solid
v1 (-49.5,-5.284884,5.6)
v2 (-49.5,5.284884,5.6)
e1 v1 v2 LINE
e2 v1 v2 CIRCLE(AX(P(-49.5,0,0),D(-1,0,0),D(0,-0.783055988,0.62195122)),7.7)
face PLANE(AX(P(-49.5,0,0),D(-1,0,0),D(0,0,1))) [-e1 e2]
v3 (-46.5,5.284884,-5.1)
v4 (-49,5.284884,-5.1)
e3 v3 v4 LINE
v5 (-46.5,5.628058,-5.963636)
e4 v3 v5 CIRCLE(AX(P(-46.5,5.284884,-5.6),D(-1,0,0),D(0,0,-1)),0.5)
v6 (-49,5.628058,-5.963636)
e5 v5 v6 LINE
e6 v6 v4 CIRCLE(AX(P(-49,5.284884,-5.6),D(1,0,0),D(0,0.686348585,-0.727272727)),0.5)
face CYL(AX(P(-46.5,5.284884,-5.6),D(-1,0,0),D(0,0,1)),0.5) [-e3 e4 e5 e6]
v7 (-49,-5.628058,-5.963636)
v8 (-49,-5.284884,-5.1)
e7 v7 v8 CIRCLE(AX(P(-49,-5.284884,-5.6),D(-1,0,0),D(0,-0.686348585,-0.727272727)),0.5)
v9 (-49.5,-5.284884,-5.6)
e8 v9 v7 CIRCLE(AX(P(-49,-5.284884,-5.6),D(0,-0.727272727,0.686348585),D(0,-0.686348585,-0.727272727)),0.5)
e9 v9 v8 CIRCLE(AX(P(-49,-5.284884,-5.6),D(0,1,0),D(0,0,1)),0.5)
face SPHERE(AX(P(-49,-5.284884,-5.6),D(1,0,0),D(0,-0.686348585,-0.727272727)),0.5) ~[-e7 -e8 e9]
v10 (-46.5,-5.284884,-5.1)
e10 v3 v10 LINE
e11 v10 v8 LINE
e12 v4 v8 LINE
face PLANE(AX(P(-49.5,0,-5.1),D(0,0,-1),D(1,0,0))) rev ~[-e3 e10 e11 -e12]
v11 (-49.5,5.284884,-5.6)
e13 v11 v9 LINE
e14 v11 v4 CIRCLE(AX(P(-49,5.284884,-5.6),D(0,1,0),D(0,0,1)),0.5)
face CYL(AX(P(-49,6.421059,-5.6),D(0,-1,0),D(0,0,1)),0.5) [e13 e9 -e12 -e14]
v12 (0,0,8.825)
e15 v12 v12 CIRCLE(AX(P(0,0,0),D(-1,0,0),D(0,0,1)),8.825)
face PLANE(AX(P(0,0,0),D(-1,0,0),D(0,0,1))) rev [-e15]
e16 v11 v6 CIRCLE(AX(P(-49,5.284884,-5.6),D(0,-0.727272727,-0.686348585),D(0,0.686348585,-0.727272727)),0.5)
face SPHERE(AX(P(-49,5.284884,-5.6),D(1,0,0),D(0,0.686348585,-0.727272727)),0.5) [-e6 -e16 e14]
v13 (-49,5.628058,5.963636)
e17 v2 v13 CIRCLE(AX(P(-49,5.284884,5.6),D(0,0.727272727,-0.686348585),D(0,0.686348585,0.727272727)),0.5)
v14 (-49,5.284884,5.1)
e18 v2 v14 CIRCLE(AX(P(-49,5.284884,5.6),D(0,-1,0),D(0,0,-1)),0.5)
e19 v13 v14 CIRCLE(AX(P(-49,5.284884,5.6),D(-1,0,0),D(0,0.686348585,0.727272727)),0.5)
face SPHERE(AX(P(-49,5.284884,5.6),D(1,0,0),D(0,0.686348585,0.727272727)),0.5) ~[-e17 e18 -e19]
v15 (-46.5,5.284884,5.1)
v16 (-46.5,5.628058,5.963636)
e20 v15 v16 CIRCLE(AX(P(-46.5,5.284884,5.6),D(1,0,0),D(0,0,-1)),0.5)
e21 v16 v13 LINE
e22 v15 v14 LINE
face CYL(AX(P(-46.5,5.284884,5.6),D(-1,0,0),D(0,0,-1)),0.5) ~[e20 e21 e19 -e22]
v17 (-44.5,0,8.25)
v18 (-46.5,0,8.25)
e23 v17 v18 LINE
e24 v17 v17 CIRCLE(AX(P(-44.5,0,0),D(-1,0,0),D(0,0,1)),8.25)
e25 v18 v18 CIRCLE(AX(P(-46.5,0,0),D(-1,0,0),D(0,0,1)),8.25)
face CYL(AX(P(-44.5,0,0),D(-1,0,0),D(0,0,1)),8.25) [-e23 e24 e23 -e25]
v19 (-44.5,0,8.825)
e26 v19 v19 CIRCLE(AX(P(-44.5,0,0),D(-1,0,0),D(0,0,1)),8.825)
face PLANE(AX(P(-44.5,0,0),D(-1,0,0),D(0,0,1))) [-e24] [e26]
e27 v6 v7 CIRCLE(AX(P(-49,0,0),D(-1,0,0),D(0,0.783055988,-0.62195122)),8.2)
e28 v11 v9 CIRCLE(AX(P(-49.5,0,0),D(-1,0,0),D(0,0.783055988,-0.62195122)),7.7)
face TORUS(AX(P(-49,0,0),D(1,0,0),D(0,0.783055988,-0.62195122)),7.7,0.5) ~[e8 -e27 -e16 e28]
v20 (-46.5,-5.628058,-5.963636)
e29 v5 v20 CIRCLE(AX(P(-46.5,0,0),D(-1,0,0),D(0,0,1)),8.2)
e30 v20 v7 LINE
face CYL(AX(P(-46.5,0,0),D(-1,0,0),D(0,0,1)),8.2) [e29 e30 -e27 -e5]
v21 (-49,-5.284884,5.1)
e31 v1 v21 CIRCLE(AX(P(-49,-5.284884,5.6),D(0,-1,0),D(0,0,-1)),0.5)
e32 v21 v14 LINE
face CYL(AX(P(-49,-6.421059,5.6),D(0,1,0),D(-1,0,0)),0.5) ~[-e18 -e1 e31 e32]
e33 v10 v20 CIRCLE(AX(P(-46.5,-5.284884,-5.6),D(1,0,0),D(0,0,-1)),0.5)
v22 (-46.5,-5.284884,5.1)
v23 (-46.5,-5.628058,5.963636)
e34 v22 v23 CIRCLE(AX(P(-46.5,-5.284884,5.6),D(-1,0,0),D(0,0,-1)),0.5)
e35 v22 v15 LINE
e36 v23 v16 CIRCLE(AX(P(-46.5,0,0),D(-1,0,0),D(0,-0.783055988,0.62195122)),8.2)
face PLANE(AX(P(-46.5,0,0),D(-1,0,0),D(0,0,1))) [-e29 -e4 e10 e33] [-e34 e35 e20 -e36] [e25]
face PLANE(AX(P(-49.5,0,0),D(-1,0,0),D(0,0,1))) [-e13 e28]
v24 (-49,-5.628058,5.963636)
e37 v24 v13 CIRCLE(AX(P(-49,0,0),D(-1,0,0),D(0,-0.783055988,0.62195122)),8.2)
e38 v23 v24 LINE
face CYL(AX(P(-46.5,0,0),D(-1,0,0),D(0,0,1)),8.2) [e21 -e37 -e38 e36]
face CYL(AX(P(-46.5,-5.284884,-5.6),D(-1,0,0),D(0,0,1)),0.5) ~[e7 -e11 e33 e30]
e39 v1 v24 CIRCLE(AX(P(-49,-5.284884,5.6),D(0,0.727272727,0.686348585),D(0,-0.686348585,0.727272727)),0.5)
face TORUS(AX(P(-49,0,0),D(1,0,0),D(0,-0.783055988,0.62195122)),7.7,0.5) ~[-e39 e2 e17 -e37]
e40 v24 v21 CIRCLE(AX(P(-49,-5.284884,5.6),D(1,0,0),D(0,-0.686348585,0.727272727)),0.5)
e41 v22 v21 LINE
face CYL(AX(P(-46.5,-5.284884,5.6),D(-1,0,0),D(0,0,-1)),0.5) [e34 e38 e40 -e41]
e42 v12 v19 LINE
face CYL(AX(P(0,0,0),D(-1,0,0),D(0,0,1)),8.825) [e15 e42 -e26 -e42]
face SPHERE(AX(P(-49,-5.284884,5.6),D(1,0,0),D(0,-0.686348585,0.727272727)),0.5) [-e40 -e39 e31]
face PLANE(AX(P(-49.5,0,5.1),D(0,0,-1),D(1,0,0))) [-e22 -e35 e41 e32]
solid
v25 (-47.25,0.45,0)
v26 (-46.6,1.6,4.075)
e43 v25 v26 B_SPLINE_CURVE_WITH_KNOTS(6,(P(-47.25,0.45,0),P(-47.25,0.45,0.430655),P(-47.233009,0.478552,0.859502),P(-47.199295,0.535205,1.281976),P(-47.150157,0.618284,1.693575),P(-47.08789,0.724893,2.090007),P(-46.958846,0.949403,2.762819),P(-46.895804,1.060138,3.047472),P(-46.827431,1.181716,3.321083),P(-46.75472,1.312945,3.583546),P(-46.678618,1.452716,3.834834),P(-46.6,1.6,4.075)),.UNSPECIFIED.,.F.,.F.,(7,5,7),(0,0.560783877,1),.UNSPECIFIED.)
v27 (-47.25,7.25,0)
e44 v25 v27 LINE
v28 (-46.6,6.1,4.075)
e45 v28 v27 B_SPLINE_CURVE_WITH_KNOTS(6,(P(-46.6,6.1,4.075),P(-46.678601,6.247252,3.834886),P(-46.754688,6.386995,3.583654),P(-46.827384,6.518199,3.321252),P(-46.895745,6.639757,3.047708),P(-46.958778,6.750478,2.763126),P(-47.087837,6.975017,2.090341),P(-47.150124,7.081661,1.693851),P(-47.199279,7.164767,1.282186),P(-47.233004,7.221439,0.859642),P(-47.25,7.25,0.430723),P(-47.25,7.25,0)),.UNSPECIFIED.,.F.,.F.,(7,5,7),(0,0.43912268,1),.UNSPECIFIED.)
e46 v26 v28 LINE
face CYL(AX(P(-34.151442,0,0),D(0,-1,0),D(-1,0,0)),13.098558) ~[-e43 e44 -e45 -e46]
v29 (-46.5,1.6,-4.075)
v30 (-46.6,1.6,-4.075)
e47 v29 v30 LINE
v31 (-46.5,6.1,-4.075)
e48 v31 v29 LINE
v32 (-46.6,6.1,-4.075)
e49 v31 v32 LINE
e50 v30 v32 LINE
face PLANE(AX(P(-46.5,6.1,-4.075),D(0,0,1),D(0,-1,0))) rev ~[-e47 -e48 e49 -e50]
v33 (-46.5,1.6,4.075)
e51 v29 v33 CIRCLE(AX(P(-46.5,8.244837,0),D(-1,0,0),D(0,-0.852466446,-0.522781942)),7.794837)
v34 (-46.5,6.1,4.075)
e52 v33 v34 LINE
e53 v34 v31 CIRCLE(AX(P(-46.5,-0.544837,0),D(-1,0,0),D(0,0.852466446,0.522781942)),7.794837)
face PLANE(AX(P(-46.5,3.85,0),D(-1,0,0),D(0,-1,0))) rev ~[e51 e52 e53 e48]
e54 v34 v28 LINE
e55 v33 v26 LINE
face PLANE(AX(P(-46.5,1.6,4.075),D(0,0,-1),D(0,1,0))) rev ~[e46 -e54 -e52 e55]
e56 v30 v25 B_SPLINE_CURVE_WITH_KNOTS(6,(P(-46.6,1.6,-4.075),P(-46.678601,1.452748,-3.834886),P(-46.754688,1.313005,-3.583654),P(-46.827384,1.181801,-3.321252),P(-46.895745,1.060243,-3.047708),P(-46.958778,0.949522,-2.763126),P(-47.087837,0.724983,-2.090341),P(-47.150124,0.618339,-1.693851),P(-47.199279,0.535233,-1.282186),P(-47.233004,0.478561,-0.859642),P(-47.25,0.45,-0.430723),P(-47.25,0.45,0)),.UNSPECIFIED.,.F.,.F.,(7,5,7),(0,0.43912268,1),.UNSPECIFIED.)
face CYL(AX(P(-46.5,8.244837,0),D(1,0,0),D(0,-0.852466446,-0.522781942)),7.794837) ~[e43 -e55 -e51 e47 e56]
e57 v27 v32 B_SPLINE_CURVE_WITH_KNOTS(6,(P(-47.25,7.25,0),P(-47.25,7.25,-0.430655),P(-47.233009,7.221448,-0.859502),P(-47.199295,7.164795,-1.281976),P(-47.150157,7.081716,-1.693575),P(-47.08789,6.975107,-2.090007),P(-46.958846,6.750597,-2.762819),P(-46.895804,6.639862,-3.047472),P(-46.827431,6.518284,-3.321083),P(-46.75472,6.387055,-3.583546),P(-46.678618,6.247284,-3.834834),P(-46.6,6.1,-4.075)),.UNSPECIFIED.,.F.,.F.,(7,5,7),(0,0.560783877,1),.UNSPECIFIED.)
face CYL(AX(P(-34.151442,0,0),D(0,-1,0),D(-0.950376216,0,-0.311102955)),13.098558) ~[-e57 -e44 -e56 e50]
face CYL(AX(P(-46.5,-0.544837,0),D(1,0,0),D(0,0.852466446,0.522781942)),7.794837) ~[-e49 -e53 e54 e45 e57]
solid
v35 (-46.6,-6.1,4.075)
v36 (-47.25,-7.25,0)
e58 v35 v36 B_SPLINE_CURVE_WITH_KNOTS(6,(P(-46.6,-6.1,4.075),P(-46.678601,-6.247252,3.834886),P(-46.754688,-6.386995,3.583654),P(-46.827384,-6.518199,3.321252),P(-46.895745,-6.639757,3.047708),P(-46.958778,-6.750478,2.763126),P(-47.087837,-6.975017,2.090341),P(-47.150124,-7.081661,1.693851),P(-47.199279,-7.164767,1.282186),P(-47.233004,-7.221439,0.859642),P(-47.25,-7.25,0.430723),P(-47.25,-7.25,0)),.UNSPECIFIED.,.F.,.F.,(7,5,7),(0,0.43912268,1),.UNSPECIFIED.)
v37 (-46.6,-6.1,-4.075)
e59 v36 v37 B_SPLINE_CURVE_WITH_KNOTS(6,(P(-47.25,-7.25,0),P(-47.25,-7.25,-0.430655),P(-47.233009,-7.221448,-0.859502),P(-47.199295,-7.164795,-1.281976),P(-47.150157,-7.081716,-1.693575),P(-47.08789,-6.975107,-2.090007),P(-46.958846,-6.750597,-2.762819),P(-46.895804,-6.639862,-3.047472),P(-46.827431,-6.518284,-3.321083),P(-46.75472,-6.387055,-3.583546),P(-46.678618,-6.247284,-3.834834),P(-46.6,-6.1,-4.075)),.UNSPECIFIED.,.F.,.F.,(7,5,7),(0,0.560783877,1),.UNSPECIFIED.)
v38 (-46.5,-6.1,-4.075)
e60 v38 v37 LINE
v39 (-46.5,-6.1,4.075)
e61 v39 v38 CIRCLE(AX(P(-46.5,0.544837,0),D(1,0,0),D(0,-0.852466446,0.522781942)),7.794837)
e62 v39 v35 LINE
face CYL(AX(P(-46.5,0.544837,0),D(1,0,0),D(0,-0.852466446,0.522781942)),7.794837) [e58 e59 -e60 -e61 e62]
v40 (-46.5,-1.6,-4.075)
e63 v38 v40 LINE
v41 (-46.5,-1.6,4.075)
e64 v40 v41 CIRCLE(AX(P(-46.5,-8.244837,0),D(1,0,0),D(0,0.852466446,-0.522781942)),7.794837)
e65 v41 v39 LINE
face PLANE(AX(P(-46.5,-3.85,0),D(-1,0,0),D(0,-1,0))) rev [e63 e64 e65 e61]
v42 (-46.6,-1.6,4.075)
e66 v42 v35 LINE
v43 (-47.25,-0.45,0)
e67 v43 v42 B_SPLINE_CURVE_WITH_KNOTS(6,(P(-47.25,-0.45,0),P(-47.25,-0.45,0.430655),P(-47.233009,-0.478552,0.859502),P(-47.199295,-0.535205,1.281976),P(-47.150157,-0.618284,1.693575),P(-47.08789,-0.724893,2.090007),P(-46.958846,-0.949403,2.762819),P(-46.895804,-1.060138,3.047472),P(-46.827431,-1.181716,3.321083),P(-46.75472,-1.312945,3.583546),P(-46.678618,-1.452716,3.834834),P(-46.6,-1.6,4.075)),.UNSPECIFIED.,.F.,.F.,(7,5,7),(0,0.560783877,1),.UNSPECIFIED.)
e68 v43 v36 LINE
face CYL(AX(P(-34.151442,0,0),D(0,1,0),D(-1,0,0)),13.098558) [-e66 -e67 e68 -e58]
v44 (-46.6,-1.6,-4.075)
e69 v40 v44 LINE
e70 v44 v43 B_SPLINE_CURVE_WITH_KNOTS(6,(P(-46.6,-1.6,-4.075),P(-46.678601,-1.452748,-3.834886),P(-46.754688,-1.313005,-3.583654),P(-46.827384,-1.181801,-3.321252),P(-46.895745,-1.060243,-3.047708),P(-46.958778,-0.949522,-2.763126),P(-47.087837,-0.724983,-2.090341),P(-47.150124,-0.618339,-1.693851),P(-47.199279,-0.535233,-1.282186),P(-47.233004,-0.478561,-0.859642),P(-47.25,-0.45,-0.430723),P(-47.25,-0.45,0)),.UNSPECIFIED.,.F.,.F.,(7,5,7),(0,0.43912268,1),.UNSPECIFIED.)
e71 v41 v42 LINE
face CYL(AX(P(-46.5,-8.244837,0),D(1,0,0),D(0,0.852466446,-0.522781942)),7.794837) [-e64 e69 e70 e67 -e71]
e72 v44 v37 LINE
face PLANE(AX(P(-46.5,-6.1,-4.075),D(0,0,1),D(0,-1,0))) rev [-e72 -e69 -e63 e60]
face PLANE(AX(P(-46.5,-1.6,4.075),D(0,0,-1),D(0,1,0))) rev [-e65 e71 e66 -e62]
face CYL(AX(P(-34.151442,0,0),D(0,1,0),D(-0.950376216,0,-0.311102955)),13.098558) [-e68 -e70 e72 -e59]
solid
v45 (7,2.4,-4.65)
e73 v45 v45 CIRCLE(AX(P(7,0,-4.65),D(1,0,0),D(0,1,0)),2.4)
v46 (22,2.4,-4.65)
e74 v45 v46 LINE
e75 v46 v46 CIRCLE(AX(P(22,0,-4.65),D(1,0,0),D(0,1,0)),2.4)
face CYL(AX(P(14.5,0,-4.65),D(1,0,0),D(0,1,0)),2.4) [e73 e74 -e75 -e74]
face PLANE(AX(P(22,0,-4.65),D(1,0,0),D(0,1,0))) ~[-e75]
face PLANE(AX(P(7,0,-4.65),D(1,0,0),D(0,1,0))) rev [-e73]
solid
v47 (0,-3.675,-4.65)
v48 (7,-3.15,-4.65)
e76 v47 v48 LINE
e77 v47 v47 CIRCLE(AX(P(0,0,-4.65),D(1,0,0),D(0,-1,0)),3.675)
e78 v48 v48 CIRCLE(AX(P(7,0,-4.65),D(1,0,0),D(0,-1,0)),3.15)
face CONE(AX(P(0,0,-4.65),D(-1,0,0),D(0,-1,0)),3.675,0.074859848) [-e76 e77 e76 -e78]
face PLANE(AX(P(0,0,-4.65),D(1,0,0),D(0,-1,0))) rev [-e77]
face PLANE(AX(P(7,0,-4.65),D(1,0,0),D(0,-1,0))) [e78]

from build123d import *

# Parameters (mm, degrees)
F2_W      = 3
F2_H      = 10.2
F3_DEPTH  = 12.5
F4_R      = 0.5
F8_W      = 15
F8_H      = 2.4
F11_DEPTH = 0.75
F13_DEPTH = 8.826


with BuildPart() as f1:
    # F0 (on Front) → F1 (revolve)
    with BuildSketch(Plane.XZ):
        Polygon((-49.5, 8.2), (-49.5, 0), (0, 0), (0, 8.825), (-44.5, 8.825), (-44.5, 8.25), (-46.5, 8.25), (-46.5, 8.2), align=None)
    revolve(axis=Axis((-24.75, 0, 0), (-1, 0, 0)))

    # F2 (on Front) → F3 (cut, symmetric)
    with BuildSketch(Plane.XZ):
        with Locations((-48, 0)):
            Rectangle(F2_W, F2_H)
    extrude(amount=F3_DEPTH, both=True, mode=Mode.SUBTRACT)

    # F4
    f4_edges = [f1.edges().sort_by_distance(p)[0] for p in [
        (-49.5, 0, 5.1),
        (-48, 6.421059, 5.1),
        (-48, -6.421059, 5.1),
        (-49.5, 0, 8.2),
        (-48, 6.421059, -5.1),
        (-48, -6.421059, -5.1),
        (-49.5, 0, -8.2),
        (-49.5, 0, -5.1),
    ]]
    fillet(f4_edges, radius=F4_R)


with BuildPart() as f7:
    # F6 (on offset) → F7 (revolve)
    with BuildSketch(Plane.XY.offset(-4.65)):
        Polygon((0, 0), (0, -3.675), (7, -3.15), (7, 0), align=None)
    revolve(axis=Axis((3.5, 0, -4.65), (1, 0, 0)))


with BuildPart() as f9:
    # F8 (on offset) → F9 (revolve)
    with BuildSketch(Plane.XY.offset(-4.65)):
        with Locations((14.5, 1.2)):
            Rectangle(F8_W, F8_H)
    revolve(axis=Axis((14.5, 0, -4.65), (1, 0, 0)))


with BuildPart() as f11:
    # F10 (on face) → F11 (new body)
    with BuildSketch(Plane(origin=(-46.5, 0, 0), x_dir=(0, -1, 0), z_dir=(-1, 0, 0))):
        with BuildLine():
            Line((-1.6, 4.075), (-6.1, 4.075))
            ThreePointArc((-6.1, 4.075), (-7.25, 0), (-6.1, -4.075))
            Line((-6.1, -4.075), (-1.6, -4.075))
            ThreePointArc((-1.6, -4.075), (-0.45, 0), (-1.6, 4.075))
        make_face()
    extrude(amount=F11_DEPTH)

    # F12 (on Front) → F13 (cut, through all)
    with BuildSketch(Plane.XZ):
        with BuildLine():
            ThreePointArc((-46.6, -4.075), (-47.0864793145, -2.0632574367), (-47.25, 0))
            Line((-47.25, 0), (-47.25, -4.075))
            Line((-47.25, -4.075), (-46.6, -4.075))
        make_face()
        with BuildLine():
            ThreePointArc((-47.25, 0), (-47.0864793145, 2.0632574367), (-46.6, 4.075))
            Line((-46.6, 4.075), (-47.25, 4.075))
            Line((-47.25, 4.075), (-47.25, 0))
        make_face()
    extrude(amount=-F13_DEPTH, mode=Mode.SUBTRACT)


with BuildPart() as f14_1:
    # F14: instance of F11
    add(f11.part.mirror(Plane.XZ))


solid = Compound([f1.part, f7.part, f9.part, f11.part, f14_1.part])
